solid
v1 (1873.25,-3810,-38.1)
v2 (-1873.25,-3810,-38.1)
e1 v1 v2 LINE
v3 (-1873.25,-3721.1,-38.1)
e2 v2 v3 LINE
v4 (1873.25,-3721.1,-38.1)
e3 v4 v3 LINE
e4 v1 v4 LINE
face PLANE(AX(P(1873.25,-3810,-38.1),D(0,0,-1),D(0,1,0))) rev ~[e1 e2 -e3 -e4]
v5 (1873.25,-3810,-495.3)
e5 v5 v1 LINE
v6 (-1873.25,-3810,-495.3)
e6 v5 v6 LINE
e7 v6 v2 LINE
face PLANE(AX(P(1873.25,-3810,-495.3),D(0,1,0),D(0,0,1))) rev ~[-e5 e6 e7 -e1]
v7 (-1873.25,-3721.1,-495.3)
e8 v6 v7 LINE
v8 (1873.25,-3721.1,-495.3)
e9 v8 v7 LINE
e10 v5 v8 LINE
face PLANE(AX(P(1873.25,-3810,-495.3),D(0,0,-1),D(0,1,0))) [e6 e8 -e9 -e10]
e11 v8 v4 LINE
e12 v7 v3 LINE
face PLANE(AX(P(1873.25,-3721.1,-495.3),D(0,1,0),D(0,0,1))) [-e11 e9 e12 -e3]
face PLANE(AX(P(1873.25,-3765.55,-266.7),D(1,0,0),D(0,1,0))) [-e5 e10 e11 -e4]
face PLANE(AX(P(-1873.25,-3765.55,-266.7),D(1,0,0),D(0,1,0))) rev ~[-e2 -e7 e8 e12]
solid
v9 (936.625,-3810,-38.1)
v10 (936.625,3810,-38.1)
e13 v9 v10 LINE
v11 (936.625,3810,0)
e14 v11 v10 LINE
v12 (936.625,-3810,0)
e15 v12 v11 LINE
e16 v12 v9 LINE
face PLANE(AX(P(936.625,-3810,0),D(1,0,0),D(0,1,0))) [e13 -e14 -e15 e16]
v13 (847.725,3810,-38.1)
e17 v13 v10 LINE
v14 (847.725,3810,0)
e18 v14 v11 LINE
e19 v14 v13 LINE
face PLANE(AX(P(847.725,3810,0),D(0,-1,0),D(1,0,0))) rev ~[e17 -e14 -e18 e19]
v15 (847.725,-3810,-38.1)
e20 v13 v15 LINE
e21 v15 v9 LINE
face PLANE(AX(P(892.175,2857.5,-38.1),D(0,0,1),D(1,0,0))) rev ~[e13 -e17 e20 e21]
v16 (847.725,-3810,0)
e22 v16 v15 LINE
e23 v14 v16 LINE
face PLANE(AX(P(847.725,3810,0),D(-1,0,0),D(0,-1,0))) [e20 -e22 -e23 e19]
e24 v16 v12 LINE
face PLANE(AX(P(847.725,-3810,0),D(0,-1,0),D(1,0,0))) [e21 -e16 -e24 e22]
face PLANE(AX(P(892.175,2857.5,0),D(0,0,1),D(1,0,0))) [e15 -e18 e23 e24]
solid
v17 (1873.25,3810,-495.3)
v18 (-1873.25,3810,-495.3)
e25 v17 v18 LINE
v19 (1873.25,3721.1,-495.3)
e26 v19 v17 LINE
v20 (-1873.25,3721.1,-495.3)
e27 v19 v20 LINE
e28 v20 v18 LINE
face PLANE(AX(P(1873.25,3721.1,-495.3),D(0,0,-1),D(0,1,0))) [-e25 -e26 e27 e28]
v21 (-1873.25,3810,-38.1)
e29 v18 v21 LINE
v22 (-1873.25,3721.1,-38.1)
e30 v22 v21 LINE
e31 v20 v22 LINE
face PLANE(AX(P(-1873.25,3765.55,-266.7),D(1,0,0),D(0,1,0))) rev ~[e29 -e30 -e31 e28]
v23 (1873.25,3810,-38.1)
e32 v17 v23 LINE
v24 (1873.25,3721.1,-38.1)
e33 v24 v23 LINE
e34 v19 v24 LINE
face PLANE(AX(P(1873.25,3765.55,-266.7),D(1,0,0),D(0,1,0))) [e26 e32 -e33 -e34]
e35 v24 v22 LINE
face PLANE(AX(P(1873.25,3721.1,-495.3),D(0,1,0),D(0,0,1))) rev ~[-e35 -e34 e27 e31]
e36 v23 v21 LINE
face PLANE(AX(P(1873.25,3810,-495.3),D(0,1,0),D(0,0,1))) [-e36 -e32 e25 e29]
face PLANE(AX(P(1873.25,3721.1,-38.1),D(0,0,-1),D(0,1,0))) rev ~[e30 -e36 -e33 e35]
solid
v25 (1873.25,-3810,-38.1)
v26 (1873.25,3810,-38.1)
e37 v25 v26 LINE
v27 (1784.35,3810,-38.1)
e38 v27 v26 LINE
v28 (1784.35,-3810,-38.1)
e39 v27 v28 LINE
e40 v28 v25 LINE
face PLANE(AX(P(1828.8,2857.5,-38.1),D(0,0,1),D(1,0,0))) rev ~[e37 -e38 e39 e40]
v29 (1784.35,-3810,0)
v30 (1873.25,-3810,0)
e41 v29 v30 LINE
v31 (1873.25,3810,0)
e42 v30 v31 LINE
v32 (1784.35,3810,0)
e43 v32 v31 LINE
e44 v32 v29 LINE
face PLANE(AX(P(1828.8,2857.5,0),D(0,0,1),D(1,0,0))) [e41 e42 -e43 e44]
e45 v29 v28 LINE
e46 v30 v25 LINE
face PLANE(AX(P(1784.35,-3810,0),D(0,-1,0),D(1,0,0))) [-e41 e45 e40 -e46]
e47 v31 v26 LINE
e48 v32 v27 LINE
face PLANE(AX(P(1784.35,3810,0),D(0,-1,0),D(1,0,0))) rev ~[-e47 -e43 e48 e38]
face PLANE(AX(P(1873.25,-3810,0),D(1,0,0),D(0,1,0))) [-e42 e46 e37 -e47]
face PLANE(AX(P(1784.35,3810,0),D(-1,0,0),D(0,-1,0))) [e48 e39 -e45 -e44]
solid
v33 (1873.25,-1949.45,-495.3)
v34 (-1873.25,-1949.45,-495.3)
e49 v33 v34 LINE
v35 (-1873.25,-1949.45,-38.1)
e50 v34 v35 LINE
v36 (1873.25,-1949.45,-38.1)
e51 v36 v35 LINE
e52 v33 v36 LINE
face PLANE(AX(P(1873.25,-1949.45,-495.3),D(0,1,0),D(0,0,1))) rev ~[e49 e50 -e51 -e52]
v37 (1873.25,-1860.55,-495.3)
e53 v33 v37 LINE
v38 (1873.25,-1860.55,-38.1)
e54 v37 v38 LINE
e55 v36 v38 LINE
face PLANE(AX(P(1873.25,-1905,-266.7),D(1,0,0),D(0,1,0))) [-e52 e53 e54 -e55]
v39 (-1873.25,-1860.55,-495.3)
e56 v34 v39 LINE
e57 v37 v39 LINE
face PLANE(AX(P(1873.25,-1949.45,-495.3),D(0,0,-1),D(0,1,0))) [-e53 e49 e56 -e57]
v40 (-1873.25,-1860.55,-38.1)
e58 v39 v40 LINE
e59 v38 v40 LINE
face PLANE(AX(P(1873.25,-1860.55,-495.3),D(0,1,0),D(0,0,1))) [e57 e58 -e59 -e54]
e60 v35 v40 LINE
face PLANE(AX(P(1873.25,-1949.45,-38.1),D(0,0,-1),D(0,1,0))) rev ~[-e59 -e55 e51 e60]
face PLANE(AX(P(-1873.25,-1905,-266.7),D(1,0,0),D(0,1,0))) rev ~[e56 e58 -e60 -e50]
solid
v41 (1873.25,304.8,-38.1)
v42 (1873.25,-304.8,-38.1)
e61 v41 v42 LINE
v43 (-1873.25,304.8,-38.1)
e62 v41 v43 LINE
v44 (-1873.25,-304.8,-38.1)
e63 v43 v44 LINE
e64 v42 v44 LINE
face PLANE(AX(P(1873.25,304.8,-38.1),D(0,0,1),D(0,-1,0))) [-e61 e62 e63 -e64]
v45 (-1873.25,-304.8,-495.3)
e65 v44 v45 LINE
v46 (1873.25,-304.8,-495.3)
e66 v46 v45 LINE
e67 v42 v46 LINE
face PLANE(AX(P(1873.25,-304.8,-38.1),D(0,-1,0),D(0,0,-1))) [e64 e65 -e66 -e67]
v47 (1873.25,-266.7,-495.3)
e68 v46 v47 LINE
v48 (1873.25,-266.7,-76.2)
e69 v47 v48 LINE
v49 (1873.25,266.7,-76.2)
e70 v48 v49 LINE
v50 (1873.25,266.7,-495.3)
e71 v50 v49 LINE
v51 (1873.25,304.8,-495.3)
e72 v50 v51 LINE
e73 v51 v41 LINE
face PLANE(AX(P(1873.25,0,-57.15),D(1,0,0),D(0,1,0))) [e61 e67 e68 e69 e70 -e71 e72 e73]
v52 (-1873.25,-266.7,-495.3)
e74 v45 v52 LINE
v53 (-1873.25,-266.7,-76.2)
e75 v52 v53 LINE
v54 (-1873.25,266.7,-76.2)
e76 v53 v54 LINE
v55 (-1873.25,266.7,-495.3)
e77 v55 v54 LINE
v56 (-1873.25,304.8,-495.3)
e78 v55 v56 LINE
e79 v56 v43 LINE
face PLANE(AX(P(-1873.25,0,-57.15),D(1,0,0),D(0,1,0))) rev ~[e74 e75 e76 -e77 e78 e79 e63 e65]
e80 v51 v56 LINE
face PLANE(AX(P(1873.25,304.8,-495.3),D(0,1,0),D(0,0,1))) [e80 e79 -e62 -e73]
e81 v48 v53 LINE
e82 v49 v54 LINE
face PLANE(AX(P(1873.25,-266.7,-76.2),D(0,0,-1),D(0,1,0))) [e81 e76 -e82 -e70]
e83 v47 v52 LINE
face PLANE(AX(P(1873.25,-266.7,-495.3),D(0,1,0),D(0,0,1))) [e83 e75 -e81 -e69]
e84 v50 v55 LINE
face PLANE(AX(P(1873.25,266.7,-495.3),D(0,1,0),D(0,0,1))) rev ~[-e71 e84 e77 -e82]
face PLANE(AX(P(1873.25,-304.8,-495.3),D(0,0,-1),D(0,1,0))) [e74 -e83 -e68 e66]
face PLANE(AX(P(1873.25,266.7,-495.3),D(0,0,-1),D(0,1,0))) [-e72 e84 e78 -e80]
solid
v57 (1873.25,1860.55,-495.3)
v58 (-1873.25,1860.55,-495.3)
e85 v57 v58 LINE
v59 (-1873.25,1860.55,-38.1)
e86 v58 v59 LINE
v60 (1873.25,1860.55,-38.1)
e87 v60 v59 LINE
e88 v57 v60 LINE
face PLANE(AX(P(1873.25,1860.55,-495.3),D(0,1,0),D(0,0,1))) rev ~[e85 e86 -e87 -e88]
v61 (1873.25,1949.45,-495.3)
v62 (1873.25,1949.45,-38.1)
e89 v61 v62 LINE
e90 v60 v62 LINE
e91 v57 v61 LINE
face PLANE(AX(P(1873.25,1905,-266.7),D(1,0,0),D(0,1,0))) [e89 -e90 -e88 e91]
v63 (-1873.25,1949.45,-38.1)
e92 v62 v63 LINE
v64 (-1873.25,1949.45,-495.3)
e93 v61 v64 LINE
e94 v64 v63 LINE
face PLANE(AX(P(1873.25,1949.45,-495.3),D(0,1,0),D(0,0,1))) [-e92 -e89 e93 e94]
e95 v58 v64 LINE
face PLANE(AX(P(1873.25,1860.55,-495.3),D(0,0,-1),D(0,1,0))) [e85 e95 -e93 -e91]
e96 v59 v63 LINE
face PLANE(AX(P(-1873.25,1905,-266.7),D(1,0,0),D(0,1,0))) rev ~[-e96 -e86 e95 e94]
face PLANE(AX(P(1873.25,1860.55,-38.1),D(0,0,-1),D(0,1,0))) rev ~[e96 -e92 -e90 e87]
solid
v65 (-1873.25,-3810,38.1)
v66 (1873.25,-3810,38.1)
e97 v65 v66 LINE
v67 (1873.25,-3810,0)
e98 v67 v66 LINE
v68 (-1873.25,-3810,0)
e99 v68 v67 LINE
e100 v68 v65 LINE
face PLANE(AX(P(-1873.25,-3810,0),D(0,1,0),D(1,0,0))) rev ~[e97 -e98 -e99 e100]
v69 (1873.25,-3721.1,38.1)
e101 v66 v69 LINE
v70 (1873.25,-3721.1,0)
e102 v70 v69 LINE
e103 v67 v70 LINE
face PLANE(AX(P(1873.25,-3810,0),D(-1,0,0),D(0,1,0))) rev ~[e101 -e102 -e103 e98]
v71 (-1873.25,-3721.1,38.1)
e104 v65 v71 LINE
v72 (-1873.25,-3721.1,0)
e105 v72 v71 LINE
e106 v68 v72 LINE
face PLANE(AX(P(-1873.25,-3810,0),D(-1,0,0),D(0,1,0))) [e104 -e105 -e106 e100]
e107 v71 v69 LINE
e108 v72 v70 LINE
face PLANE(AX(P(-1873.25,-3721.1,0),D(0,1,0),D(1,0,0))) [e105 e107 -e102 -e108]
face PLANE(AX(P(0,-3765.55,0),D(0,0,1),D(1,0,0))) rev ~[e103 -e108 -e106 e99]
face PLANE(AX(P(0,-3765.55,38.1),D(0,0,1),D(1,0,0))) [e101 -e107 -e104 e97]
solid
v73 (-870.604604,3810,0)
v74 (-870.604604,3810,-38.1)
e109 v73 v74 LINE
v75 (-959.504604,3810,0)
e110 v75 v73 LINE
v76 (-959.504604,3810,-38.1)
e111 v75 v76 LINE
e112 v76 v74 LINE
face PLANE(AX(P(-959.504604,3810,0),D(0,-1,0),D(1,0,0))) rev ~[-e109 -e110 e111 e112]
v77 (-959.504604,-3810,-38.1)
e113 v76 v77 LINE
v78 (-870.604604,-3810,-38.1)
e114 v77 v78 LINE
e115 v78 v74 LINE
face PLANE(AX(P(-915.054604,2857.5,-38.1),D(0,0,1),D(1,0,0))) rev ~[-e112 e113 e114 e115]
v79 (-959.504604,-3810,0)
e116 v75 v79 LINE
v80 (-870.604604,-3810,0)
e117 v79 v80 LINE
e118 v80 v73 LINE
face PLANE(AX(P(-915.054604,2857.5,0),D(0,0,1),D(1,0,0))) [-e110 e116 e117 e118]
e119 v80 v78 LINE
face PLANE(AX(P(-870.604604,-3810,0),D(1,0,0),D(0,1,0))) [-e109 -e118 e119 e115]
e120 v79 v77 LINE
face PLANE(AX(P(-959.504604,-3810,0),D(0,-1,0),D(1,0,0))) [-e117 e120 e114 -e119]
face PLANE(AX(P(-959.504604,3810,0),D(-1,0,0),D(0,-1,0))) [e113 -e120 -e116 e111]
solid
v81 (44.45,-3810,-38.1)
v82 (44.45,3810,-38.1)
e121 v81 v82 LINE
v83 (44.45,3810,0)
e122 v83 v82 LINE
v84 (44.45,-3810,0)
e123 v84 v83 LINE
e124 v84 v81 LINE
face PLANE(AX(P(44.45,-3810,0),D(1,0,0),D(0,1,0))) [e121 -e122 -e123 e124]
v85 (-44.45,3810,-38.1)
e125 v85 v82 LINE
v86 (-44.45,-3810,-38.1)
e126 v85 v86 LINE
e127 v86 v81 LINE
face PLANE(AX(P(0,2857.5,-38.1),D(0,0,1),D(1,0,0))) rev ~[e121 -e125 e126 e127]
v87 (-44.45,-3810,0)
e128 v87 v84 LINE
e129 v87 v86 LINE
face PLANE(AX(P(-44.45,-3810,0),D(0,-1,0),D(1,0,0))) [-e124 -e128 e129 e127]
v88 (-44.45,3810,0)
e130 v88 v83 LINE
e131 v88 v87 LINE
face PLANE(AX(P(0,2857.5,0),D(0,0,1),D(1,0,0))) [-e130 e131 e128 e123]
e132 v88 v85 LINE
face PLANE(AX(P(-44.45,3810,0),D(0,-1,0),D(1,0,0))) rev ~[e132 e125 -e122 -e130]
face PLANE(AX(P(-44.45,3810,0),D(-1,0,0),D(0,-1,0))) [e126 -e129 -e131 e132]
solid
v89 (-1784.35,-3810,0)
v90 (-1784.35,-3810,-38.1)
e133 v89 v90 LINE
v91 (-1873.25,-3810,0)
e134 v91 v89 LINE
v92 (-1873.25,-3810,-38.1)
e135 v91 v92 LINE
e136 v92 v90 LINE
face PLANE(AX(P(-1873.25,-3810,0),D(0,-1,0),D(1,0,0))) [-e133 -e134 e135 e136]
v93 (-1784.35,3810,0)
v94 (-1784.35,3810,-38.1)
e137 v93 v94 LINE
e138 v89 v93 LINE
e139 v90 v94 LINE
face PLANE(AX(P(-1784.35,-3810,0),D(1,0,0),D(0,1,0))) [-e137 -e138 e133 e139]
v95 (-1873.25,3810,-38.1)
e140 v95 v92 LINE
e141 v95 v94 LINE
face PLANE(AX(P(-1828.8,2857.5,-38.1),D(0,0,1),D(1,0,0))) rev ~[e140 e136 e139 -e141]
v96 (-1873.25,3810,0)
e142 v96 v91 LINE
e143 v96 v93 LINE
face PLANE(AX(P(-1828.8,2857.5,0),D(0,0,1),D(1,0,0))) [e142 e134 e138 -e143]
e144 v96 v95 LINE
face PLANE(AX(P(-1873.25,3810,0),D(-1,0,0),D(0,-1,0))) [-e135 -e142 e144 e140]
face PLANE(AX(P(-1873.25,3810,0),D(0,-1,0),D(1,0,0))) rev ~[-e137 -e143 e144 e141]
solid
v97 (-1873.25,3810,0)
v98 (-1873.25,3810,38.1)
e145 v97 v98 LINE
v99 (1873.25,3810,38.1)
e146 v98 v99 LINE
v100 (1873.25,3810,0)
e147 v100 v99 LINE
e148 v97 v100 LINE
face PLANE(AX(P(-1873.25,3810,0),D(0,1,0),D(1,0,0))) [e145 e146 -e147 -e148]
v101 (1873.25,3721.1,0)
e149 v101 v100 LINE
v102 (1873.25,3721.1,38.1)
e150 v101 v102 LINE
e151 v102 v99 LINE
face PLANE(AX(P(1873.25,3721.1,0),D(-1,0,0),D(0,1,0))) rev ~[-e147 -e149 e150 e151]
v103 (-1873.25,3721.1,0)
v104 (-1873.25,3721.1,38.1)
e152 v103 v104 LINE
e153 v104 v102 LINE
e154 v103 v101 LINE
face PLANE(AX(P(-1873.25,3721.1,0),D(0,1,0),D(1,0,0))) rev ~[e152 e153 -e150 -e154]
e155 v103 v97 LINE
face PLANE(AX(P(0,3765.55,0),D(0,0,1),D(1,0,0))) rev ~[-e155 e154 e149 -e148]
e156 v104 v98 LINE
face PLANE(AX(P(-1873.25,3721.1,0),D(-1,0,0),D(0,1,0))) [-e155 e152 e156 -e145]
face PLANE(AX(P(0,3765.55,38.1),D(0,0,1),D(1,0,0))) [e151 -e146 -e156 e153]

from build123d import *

# Parameters (mm, degrees)
F0_W     = 88.9
F0_H     = 1905
F1_DEPTH = 38.1
F2_W     = 3746.5
F2_H     = 88.9
F3_DEPTH = 38.1
F4_W     = 88.9
F4_H     = 457.2
F4_W_2   = 38.1
F4_H_2   = 419.1
F5_DEPTH = 3746.5


with BuildPart() as f1:
    # F0 (on Top) → F1 (new body)
    with BuildSketch(Plane.XY):
        with Locations((-1828.8, 2857.5)):
            Rectangle(F0_W, F0_H)
        with Locations((-1828.8, 952.5)):
            Rectangle(F0_W, F0_H)
        with Locations((-1828.8, -952.5)):
            Rectangle(F0_W, F0_H)
        with Locations((-1828.8, -2857.5)):
            Rectangle(F0_W, F0_H)
        with Locations((-915.054604, 2857.5)):
            Rectangle(F0_W, F0_H)
        with Locations((-915.054604, 952.5)):
            Rectangle(F0_W, F0_H)
        with Locations((-915.054604, -952.5)):
            Rectangle(F0_W, F0_H)
        with Locations((-915.054604, -2857.5)):
            Rectangle(F0_W, F0_H)
        with Locations((0, 2857.5)):
            Rectangle(F0_W, F0_H)
        with Locations((0, 952.5)):
            Rectangle(F0_W, F0_H)
        with Locations((0, -952.5)):
            Rectangle(F0_W, F0_H)
        with Locations((0, -2857.5)):
            Rectangle(F0_W, F0_H)
        with Locations((892.175, 2857.5)):
            Rectangle(F0_W, F0_H)
        with Locations((892.175, 952.5)):
            Rectangle(F0_W, F0_H)
        with Locations((892.175, -952.5)):
            Rectangle(F0_W, F0_H)
        with Locations((892.175, -2857.5)):
            Rectangle(F0_W, F0_H)
        with Locations((1828.8, 2857.5)):
            Rectangle(F0_W, F0_H)
        with Locations((1828.8, 952.5)):
            Rectangle(F0_W, F0_H)
        with Locations((1828.8, -952.5)):
            Rectangle(F0_W, F0_H)
        with Locations((1828.8, -2857.5)):
            Rectangle(F0_W, F0_H)
    extrude(amount=-F1_DEPTH)


with BuildPart() as f3:
    # F2 (on face) → F3 (new body)
    with BuildSketch(Plane.XY):
        with Locations((0, 3765.55)):
            Rectangle(F2_W, F2_H)
        with Locations((0, -3765.55)):
            Rectangle(F2_W, F2_H)
    extrude(amount=F3_DEPTH)


with BuildPart() as f5:
    # F4 (on face) → F5 (new body)
    with BuildSketch(Plane.YZ.offset(1873.25)):
        with Locations((-3765.55, -266.7)):
            Rectangle(F4_W, F4_H)
        with Locations((-1905, -266.7)):
            Rectangle(F4_W, F4_H)
        Polygon((304.8, -76.2), (304.8, -38.1), (0, -38.1), (-304.8, -38.1), (-304.8, -76.2), (-266.7, -76.2), (266.7, -76.2), align=None)
        with Locations((3765.55, -266.7)):
            Rectangle(F4_W, F4_H)
        with Locations((1905, -266.7)):
            Rectangle(F4_W, F4_H)
        with Locations((285.75, -285.75)):
            Rectangle(F4_W_2, F4_H_2)
        with Locations((-285.75, -285.75)):
            Rectangle(F4_W_2, F4_H_2)
    extrude(amount=-F5_DEPTH)


solid = Compound([f1.part, f3.part, f5.part])
